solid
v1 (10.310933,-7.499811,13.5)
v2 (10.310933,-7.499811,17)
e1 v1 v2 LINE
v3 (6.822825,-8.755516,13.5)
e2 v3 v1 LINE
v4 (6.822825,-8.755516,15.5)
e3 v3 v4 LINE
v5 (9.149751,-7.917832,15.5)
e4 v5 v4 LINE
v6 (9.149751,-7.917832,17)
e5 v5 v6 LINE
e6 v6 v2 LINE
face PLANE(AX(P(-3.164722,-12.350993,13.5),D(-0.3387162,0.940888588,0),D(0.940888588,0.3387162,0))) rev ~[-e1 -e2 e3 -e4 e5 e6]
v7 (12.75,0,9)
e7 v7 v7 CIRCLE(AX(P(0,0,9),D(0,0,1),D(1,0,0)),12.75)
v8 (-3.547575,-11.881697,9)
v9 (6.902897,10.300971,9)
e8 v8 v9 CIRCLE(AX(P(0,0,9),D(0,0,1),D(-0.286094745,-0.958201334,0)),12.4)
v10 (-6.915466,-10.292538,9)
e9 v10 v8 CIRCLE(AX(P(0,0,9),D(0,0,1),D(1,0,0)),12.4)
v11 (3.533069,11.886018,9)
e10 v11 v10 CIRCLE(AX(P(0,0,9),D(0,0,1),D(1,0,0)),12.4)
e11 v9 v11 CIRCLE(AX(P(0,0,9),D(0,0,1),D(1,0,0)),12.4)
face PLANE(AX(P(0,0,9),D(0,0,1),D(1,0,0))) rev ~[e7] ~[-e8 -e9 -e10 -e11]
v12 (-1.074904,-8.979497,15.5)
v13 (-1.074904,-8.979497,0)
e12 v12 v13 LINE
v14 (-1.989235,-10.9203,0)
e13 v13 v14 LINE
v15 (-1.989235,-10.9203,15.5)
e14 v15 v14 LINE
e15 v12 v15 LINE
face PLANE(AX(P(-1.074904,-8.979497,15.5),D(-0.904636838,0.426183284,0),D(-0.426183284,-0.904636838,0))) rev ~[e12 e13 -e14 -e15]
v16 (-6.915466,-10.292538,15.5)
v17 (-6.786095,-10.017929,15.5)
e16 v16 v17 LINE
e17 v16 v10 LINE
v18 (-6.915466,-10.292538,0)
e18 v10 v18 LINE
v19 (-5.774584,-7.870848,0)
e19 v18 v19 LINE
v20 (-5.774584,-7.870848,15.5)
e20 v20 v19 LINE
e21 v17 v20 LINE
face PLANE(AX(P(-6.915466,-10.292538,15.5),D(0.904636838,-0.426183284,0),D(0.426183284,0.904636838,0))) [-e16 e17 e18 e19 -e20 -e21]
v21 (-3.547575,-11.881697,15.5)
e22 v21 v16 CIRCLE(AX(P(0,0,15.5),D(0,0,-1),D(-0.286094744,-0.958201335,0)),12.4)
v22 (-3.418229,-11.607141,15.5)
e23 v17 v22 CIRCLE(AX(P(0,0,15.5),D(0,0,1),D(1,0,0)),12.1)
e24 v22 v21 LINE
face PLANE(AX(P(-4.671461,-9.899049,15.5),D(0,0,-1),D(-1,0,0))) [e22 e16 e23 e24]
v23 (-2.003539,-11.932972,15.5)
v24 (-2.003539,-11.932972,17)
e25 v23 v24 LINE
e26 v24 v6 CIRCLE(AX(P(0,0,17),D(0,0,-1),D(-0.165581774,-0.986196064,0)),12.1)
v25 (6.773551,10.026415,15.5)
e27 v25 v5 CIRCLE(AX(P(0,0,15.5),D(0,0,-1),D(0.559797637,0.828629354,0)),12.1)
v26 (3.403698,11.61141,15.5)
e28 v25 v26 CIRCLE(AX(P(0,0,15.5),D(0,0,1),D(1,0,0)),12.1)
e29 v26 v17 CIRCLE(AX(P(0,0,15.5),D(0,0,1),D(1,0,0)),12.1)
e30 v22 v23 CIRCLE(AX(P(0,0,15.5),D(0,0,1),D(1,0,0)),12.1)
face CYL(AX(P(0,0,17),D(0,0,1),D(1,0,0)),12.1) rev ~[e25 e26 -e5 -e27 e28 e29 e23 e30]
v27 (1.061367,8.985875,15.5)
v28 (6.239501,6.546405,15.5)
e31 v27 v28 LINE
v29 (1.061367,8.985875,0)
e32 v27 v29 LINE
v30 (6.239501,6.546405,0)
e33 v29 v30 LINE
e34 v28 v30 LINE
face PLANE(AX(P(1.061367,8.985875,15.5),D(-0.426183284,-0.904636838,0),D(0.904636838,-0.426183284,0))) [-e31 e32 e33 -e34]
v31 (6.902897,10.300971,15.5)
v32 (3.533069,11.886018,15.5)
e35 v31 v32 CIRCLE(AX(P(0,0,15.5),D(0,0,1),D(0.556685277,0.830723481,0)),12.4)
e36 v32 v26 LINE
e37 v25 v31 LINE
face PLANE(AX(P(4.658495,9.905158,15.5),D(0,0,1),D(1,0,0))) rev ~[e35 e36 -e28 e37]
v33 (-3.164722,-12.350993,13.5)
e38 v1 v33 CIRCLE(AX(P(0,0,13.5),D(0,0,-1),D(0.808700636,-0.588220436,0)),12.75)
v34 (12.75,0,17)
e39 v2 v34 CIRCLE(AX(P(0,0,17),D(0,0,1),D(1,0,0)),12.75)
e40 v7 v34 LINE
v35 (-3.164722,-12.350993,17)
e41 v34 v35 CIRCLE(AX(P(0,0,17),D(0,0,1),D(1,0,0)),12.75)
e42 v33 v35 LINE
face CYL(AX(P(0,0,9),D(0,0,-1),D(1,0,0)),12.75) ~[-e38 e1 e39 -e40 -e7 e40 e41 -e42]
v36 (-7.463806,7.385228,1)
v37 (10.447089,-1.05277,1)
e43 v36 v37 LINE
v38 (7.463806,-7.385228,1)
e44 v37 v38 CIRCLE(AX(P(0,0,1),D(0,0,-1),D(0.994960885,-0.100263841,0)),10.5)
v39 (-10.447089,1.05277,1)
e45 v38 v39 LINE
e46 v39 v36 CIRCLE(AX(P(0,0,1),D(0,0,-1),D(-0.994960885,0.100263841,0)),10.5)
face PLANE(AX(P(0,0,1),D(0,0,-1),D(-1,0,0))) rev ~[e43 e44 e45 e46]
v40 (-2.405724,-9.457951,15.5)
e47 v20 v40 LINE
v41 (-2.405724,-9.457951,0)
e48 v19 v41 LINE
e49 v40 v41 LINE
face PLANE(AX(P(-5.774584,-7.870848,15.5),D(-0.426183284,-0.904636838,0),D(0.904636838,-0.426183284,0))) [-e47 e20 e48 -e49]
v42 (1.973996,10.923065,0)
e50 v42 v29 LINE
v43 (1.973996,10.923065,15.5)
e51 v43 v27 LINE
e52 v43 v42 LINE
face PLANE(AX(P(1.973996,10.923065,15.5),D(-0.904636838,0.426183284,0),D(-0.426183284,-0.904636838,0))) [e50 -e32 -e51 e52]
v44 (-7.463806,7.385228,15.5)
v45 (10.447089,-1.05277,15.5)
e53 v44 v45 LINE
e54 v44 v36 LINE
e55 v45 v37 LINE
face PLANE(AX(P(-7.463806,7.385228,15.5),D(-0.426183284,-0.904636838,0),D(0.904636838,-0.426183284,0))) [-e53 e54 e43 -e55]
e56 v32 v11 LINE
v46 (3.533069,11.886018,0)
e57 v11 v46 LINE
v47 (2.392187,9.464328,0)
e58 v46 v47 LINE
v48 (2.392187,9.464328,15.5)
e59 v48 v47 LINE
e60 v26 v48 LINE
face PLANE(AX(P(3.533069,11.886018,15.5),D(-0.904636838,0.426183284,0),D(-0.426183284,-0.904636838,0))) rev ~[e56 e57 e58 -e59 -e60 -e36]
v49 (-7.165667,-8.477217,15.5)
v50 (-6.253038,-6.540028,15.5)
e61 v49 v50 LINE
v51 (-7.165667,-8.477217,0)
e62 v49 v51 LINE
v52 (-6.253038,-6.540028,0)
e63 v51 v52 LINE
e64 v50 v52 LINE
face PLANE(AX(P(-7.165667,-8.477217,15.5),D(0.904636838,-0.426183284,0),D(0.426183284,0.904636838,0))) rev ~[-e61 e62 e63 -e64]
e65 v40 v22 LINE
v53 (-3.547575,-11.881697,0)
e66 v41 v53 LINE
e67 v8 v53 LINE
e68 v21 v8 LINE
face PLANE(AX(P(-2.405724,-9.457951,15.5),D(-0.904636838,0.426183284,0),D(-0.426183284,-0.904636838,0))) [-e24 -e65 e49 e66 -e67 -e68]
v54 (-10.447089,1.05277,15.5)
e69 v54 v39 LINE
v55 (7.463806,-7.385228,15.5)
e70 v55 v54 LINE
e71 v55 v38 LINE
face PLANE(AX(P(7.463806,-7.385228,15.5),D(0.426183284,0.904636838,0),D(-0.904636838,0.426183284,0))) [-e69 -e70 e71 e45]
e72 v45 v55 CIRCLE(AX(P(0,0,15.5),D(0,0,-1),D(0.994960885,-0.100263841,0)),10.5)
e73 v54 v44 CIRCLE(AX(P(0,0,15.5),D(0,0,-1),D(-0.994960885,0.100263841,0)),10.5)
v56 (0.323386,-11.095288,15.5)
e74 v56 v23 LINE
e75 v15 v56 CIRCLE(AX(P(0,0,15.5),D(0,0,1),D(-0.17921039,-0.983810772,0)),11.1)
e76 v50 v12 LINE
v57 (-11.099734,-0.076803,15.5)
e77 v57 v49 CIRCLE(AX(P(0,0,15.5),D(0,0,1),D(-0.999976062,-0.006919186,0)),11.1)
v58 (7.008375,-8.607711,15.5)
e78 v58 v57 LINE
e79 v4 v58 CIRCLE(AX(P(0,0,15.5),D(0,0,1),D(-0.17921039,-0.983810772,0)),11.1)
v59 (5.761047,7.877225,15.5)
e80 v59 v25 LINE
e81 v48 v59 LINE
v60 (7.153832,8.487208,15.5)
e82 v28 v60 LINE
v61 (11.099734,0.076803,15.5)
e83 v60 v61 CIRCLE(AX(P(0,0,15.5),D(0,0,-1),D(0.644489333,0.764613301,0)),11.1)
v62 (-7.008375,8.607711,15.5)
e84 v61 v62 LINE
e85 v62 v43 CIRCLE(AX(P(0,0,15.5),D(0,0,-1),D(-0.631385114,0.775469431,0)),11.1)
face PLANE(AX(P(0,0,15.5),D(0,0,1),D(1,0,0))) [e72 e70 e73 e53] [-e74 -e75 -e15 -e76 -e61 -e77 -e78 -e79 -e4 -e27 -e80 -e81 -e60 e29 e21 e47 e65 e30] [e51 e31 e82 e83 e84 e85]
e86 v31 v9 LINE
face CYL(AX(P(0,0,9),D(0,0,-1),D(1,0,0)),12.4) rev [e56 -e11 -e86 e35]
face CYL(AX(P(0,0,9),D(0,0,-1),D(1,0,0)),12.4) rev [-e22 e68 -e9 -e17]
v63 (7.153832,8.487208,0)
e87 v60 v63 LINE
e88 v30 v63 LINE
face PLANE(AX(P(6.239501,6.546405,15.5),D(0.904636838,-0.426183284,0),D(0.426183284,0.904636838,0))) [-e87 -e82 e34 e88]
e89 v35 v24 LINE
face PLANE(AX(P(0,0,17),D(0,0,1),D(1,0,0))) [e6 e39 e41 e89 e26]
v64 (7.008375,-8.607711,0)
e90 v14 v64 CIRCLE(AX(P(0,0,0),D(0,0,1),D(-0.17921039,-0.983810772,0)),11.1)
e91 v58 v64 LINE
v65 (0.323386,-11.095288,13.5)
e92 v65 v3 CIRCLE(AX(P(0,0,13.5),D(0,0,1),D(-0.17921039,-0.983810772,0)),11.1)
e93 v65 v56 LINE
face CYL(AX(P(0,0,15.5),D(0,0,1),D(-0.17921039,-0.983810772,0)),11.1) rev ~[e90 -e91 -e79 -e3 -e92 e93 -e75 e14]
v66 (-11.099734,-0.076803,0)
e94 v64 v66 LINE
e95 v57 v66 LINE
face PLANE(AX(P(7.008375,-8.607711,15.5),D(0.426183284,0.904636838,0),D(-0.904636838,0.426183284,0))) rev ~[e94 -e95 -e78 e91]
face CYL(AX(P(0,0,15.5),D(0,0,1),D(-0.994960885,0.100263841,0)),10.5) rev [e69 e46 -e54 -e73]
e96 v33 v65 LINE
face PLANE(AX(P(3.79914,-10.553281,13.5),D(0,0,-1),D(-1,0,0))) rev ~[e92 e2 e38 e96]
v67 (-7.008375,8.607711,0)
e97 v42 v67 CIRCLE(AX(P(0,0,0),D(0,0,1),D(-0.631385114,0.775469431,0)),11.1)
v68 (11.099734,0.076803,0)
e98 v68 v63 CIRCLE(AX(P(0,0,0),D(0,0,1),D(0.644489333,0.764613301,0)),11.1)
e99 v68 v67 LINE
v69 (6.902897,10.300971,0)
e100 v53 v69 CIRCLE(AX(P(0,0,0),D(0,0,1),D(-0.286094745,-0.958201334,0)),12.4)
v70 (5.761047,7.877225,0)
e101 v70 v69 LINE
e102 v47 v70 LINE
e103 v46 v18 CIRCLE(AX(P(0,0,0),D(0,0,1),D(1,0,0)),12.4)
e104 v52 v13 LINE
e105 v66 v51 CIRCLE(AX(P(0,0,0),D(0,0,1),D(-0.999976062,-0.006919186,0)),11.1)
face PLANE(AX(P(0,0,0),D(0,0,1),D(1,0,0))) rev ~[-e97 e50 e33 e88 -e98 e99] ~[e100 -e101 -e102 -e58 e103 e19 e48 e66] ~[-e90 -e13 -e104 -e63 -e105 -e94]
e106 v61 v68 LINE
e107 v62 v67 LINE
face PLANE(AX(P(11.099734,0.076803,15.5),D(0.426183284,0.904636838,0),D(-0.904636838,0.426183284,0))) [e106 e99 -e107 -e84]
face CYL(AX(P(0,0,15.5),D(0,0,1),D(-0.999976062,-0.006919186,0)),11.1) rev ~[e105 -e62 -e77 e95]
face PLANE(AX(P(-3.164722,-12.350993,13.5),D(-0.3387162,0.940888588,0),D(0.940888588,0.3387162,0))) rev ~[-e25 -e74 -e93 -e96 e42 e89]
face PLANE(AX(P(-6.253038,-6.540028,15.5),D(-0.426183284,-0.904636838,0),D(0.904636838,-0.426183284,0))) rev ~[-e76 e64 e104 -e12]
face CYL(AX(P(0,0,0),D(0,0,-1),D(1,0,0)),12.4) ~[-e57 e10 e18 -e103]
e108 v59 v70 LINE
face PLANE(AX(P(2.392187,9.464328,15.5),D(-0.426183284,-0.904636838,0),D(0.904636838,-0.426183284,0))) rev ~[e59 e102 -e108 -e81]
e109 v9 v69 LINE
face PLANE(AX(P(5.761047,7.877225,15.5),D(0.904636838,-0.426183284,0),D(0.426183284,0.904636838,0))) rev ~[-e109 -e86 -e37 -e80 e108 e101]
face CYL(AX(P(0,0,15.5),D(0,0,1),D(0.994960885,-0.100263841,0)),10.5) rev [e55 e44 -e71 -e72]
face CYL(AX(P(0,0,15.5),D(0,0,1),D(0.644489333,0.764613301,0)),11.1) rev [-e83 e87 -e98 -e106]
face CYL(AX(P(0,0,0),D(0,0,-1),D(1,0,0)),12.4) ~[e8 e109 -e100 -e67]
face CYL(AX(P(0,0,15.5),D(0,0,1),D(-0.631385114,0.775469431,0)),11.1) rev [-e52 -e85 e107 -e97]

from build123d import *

# Parameters (mm, degrees)
SKETCH_1_R          = 12.4
EXTRUDE_1_DEPTH     = 17
SKETCH_2_R          = 12.1
CUT_EXTRUDE_1_DEPTH = 1.5
CUT_EXTRUDE_2_DEPTH = 24.404486749
EXTRUDE_START       = -8
SKETCH_4_R          = 12.75
SKETCH_4_R_2        = 12.4
EXTRUDE_2_DEPTH     = 8
CUT_EXTRUDE_3_DEPTH = 14.5
CUT_EXTRUDE_4_DEPTH = 24.777615524
CUT_EXTRUDE_START   = -3.5
CUT_EXTRUDE_5_DEPTH = 3.5


with BuildPart() as part:
    # 草图1 → 凸台-拉伸1 (new body)
    with BuildSketch(Plane.XY):
        Circle(SKETCH_1_R)
    extrude(amount=EXTRUDE_1_DEPTH)

    # 草图2 → 切除-拉伸1 (cut)
    with BuildSketch(Plane.XY.offset(17)):
        Circle(SKETCH_2_R)
    extrude(amount=-CUT_EXTRUDE_1_DEPTH, mode=Mode.SUBTRACT)

    # 草图3 → 切除-拉伸2 (cut, through all)
    with BuildSketch(Plane.XY.offset(15.5)):
        with BuildLine():
            Line((-6.915466109, -10.292537515), (-5.774584306, -7.870847726))
            Line((-5.774584306, -7.870847726), (-2.405724389, -9.457950665))
            Line((-2.405724389, -9.457950665), (-3.547574837, -11.881696544))
            ThreePointArc((-3.547574837, -11.881696544), (-5.291518031, -11.214269345), (-6.915466109, -10.292537515))
        make_face()
        with BuildLine():
            Line((5.761046975, 7.877225296), (6.902897424, 10.300971175))
            ThreePointArc((6.902897424, 10.300971175), (5.277825448, 11.220720055), (3.533068862, 11.886018022))
            Line((3.533068862, 11.886018022), (2.392187058, 9.464328234))
            Line((2.392187058, 9.464328234), (5.761046975, 7.877225296))
        make_face()
    extrude(amount=-CUT_EXTRUDE_2_DEPTH, mode=Mode.SUBTRACT)

    # 草图4 → 凸台-拉伸2 (add)
    with BuildSketch(Plane.XY.offset(17).offset(EXTRUDE_START)):
        Circle(SKETCH_4_R)
        Circle(SKETCH_4_R_2, mode=Mode.SUBTRACT)
    extrude(amount=EXTRUDE_2_DEPTH)

    # 草图5 → 切除-拉伸3 (cut)
    with BuildSketch(Plane.XY.offset(15.5)):
        with BuildLine():
            Line((-7.463806301, 7.385228195), (10.44708929, -1.05277033))
            ThreePointArc((10.44708929, -1.05277033), (9.498686797, -4.474924483), (7.463806301, -7.385228195))
            Line((7.463806301, -7.385228195), (-10.44708929, 1.05277033))
            ThreePointArc((-10.44708929, 1.05277033), (-9.498686797, 4.474924483), (-7.463806301, 7.385228195))
        make_face()
    extrude(amount=-CUT_EXTRUDE_3_DEPTH, mode=Mode.SUBTRACT)

    # 草图6 → 切除-拉伸4 (cut, through all)
    with BuildSketch(Plane.XY.offset(15.5)):
        with BuildLine():
            Line((11.09973429, 0.076802961), (-7.008374763, 8.607710682))
            ThreePointArc((-7.008374763, 8.607710682), (-2.770642176, 10.748653029), (1.973996084, 10.923064564))
            Line((1.973996084, 10.923064564), (1.061366936, 8.98587468))
            Line((1.061366936, 8.98587468), (6.239500529, 6.546405174))
            Line((6.239500529, 6.546405174), (7.153831598, 8.487207636))
            ThreePointArc((7.153831598, 8.487207636), (10.048974754, 4.714669277), (11.09973429, 0.076802961))
        make_face()
        with BuildLine():
            Line((7.008374763, -8.607710682), (-11.09973429, -0.076802961))
            ThreePointArc((-11.09973429, -0.076802961), (-10.052261546, -4.707657359), (-7.165667007, -8.477217488))
            Line((-7.165667007, -8.477217488), (-6.253037859, -6.540027604))
            Line((-6.253037859, -6.540027604), (-1.074904267, -8.979497111))
            Line((-1.074904267, -8.979497111), (-1.989235336, -10.920299574))
            ThreePointArc((-1.989235336, -10.920299574), (2.763142593, -10.75058338), (7.008374763, -8.607710682))
        make_face()
    extrude(amount=-CUT_EXTRUDE_4_DEPTH, mode=Mode.SUBTRACT)

    # 草图7 → 切除-拉伸5 (cut)
    with BuildSketch(Plane.XY.offset(17).offset(CUT_EXTRUDE_START)):
        with BuildLine():
            Line((-3.16472158, -12.350993374), (10.31093311, -7.499810558))
            ThreePointArc((10.31093311, -7.499810558), (4.318631553, -11.996329502), (-3.16472158, -12.350993374))
        make_face()
    extrude(amount=CUT_EXTRUDE_5_DEPTH, mode=Mode.SUBTRACT)


solid = part.part
